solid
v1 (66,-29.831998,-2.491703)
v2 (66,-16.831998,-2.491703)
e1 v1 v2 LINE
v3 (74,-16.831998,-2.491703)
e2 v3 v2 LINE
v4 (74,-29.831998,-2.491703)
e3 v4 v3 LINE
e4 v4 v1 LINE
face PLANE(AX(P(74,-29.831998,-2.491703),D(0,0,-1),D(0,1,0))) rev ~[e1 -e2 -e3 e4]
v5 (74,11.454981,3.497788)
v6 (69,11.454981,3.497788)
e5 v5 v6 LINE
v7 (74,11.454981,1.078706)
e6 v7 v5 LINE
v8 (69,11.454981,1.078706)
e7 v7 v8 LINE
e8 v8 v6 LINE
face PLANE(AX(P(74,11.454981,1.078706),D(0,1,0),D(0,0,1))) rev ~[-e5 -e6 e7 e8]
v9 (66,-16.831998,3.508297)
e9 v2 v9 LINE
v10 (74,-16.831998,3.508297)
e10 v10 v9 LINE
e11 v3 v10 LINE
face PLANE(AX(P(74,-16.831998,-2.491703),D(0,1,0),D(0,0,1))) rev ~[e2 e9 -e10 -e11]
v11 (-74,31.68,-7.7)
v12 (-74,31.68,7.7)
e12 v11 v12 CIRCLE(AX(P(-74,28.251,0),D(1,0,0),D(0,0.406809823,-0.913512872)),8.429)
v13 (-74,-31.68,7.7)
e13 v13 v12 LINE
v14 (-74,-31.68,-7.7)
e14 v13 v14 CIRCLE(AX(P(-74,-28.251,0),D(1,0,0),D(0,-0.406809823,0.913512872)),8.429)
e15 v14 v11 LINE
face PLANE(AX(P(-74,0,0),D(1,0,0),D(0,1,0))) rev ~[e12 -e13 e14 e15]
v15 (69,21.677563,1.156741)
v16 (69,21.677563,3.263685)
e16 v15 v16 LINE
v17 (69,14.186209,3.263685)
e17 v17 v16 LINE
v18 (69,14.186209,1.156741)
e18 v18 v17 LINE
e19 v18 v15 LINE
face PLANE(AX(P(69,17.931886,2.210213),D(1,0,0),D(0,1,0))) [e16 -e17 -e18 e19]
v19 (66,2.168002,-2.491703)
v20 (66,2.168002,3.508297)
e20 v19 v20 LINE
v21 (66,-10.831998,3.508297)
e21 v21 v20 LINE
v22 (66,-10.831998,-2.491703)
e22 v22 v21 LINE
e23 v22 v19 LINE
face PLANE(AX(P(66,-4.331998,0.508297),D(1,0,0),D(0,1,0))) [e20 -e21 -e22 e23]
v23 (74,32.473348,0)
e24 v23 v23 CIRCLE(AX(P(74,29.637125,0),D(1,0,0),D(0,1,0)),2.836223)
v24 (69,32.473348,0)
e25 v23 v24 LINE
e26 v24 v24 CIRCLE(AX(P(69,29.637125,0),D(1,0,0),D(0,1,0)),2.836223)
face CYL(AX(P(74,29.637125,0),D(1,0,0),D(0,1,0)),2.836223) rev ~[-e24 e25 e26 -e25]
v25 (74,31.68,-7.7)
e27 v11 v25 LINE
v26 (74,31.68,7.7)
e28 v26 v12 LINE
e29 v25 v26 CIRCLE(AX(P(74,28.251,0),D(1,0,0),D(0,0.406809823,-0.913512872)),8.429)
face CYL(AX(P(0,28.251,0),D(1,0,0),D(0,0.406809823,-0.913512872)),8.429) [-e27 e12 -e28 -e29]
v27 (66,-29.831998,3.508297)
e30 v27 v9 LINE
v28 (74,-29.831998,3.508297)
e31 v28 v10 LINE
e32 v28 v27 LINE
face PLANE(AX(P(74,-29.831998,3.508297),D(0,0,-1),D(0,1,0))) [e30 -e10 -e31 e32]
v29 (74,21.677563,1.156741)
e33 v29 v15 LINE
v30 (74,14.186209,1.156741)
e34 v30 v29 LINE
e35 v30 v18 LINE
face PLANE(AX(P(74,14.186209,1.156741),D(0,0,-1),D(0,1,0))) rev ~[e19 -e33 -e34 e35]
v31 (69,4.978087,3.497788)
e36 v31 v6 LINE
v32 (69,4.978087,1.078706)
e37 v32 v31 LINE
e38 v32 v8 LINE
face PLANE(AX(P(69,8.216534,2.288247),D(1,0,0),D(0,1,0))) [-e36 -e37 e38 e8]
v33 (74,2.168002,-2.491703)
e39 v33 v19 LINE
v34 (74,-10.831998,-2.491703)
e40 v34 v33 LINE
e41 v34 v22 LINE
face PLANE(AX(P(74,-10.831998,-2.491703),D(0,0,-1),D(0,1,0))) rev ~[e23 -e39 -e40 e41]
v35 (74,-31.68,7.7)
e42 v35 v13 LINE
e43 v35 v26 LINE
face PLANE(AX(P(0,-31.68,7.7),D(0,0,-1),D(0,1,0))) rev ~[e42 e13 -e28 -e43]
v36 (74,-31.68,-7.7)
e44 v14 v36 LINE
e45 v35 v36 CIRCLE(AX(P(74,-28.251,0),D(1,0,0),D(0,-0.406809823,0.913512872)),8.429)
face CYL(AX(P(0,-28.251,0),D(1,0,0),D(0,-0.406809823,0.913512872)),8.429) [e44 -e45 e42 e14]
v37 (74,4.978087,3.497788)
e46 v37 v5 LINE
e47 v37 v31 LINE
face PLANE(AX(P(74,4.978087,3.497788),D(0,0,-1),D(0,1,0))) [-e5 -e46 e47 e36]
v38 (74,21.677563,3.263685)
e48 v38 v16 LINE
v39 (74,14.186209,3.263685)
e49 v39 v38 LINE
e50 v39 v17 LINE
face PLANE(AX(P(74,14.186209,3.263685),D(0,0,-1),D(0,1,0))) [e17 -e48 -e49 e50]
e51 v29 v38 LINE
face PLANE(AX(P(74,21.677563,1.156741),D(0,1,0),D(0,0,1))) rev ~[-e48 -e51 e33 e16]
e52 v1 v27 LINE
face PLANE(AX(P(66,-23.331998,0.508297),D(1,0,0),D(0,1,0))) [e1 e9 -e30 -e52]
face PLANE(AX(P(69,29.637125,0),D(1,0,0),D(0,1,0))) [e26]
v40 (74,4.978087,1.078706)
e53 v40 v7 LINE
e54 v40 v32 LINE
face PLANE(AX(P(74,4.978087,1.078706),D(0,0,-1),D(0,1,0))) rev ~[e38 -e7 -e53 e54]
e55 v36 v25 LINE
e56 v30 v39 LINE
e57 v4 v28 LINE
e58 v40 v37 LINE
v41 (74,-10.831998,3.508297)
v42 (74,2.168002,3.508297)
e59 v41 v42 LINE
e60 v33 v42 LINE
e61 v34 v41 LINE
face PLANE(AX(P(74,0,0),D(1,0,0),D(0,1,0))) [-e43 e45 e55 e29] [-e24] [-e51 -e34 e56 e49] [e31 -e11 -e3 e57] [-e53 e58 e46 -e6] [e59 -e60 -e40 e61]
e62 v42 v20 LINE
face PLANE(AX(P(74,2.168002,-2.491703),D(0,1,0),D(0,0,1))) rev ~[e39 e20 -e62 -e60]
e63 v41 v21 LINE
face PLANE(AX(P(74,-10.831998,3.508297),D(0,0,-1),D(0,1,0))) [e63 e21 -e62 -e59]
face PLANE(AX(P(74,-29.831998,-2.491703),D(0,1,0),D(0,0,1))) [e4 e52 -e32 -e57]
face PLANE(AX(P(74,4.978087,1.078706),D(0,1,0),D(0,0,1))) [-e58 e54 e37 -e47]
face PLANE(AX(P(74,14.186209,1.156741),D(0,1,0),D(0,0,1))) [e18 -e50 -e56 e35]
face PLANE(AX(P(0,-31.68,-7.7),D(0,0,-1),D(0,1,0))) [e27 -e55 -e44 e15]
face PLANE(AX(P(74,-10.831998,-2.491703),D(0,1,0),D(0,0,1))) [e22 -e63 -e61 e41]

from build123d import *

# Parameters (mm, degrees)
PAD_DEPTH           = 74
SKETCH001_W         = 13
SKETCH001_H         = 6
POCKET_DEPTH        = 8
LINEARPATTERN_COUNT = 2
LINEARPATTERN_PITCH = 19
SKETCH002_R         = 2.836223
SKETCH002_W         = 6.476894
SKETCH002_H         = 2.419083
SKETCH002_W_2       = 7.491354
SKETCH002_H_2       = 2.106944
POCKET001_DEPTH     = 5


with BuildPart() as part:
    # Sketch → Pad (new body, symmetric)
    with BuildSketch(Plane.YZ):
        with BuildLine():
            ThreePointArc((-31.68, 7.7), (-36.68, 0), (-31.68, -7.7))
            Line((-31.68, -7.7), (31.68, -7.7))
            ThreePointArc((31.68, -7.7), (36.68, 0), (31.68, 7.7))
            Line((-31.68, 7.7), (31.68, 7.7))
        make_face()
    extrude(amount=PAD_DEPTH, both=True)

    # Sketch001 (on DatumPlane) → Pocket (cut)
    with BuildSketch(Plane.YZ.offset(74)):
        with Locations((-23.331998, 0.508297)):
            Rectangle(SKETCH001_W, SKETCH001_H)
    pocket = extrude(amount=-POCKET_DEPTH, mode=Mode.SUBTRACT)

    # LinearPattern: Pocket ×2
    with Locations(*[(0, i * LINEARPATTERN_PITCH, 0) for i in range(1, LINEARPATTERN_COUNT)]):
        add(pocket, mode=Mode.SUBTRACT)

    # Sketch002 (on DatumPlane) → Pocket001 (cut)
    with BuildSketch(Plane.YZ.offset(74)):
        with Locations((29.637125, 0)):
            Circle(SKETCH002_R)
        with Locations((8.216534, 2.288247)):
            Rectangle(SKETCH002_W, SKETCH002_H)
        with Locations((17.931886, 2.210213)):
            Rectangle(SKETCH002_W_2, SKETCH002_H_2)
    extrude(amount=-POCKET001_DEPTH, mode=Mode.SUBTRACT)


solid = part.part
